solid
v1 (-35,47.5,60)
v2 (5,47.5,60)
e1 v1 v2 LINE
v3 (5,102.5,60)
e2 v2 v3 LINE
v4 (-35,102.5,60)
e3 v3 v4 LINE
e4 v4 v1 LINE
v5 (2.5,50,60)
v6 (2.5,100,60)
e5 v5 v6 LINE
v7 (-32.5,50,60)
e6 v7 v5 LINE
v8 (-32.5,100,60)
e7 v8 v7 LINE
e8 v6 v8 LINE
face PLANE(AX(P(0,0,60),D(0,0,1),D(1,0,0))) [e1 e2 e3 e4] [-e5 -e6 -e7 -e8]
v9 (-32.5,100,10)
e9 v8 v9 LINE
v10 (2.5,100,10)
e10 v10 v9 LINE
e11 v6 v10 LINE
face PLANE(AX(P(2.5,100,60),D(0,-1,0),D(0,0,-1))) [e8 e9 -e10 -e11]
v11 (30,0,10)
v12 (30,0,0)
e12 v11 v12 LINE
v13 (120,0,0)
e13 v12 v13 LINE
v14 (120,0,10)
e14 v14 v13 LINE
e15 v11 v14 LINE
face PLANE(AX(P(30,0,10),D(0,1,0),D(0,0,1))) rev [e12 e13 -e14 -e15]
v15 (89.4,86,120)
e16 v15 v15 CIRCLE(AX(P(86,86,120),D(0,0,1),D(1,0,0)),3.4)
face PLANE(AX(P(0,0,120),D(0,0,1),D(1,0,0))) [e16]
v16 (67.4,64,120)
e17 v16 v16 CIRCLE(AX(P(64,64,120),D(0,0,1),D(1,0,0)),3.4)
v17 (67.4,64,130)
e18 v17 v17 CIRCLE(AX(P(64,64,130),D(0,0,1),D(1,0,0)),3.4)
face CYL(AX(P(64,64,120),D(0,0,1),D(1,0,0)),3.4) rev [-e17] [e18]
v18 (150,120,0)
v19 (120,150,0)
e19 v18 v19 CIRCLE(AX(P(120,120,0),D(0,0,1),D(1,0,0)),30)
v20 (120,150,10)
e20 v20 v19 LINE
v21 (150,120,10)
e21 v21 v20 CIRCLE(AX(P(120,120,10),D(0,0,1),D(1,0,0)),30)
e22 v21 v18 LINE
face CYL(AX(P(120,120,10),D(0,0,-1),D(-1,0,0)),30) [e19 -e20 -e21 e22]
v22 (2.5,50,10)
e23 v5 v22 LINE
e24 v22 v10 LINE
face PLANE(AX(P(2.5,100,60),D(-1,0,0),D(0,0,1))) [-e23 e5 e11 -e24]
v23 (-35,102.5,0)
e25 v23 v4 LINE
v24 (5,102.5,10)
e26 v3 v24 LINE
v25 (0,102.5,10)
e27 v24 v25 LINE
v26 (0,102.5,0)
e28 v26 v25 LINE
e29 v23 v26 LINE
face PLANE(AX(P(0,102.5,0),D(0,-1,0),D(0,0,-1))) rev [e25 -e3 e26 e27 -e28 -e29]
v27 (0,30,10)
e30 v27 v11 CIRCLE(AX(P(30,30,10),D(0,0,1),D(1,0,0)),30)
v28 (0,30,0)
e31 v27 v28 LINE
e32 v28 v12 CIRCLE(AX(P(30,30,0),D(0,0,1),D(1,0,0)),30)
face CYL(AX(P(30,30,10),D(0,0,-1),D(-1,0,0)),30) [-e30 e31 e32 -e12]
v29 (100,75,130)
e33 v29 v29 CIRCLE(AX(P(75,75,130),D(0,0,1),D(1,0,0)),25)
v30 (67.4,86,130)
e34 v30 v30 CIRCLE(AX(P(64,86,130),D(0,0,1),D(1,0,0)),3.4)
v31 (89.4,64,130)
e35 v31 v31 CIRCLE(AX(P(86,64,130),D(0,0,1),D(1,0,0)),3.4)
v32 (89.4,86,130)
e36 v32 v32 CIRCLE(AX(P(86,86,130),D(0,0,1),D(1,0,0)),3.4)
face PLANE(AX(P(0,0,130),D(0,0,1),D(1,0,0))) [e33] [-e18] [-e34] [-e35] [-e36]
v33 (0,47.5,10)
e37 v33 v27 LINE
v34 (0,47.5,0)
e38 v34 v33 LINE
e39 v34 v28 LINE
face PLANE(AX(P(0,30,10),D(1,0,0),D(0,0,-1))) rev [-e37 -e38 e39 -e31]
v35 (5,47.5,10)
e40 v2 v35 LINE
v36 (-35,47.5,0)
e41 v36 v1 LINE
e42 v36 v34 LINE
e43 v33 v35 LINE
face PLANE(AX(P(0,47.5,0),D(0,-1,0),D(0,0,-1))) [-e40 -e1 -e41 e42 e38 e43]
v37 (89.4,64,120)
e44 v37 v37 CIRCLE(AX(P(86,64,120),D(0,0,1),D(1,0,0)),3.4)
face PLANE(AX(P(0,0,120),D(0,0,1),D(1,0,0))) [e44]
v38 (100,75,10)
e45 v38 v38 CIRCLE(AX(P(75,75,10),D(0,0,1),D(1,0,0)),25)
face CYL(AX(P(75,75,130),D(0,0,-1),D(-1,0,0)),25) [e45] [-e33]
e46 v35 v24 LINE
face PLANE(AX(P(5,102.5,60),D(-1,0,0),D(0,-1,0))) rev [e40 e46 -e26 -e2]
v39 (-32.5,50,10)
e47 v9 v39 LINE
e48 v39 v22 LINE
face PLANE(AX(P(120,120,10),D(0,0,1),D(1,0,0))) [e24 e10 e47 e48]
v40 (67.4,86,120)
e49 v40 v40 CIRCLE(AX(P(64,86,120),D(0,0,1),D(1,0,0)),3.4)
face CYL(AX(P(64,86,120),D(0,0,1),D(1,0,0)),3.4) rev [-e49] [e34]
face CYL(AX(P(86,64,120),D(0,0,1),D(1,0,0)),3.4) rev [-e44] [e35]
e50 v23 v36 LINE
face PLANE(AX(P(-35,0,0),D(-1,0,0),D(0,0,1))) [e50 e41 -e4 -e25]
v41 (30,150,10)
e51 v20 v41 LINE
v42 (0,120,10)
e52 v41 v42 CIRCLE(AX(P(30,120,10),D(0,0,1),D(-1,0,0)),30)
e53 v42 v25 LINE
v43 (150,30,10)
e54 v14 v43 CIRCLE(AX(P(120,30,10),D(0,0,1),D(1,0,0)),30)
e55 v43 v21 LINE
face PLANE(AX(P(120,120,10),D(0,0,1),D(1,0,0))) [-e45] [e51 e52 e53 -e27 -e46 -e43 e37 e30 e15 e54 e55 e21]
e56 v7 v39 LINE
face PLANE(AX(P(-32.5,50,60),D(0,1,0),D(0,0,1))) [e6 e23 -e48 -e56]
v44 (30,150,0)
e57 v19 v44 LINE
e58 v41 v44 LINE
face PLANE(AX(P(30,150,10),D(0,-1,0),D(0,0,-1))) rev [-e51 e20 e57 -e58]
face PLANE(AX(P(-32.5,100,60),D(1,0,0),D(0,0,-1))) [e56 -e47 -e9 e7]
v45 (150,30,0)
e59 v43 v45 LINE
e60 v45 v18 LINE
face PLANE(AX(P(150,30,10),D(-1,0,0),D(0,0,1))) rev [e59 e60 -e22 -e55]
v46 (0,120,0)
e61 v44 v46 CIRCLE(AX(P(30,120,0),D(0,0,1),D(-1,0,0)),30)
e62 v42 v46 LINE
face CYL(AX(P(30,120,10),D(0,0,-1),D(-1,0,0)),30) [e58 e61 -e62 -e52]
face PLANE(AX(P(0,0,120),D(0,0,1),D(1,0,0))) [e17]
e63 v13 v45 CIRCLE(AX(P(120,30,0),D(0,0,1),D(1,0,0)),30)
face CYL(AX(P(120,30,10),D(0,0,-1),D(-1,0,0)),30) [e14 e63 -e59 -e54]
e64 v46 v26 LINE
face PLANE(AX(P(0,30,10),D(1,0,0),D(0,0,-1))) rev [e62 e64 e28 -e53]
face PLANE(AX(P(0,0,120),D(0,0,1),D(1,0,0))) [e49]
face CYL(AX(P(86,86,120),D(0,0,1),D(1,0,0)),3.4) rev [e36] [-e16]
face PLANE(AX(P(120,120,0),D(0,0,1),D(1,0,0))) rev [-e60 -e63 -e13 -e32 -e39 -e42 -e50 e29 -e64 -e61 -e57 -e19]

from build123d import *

# Parameters (mm, degrees)
EXTRUDE_1_DEPTH     = 10
EXTRUDE_2_DEPTH     = 120
CUT_EXTRUDE_1_DEPTH = 10
EXTRUDE_3_DEPTH     = 10
SKETCH_8_W          = 35
SKETCH_8_H          = 50
EXTRUDE_4_DEPTH     = 50


with BuildPart() as part:
    # 草图1 → 凸台-拉伸1 (new body)
    with BuildSketch(Plane.XY):
        with BuildLine():
            Line((30, 0), (120, 0))
            ThreePointArc((120, 0), (141.213203436, 8.786796564), (150, 30))
            Line((150, 30), (150, 120))
            ThreePointArc((150, 120), (141.213203436, 141.213203436), (120, 150))
            Line((120, 150), (30, 150))
            ThreePointArc((30, 150), (8.786796564, 141.213203436), (0, 120))
            Line((0, 120), (0, 30))
            ThreePointArc((0, 30), (8.786796564, 8.786796564), (30, 0))
        make_face()
    extrude(amount=EXTRUDE_1_DEPTH)

    # 草图2 → 凸台-拉伸2 (add)
    with BuildSketch(Plane.XY.offset(10)):
        with BuildLine():
            ThreePointArc((100, 75), (84.567085809, 98.096988313), (57.32233047, 92.67766953))
            Line((57.32233047, 92.67766953), (92.67766953, 57.32233047))
            ThreePointArc((92.67766953, 57.32233047), (98.096988313, 65.432914191), (100, 75))
        make_face()
        with BuildLine():
            Line((92.67766953, 57.32233047), (57.32233047, 92.67766953))
            ThreePointArc((57.32233047, 92.67766953), (57.32233047, 57.32233047), (92.67766953, 57.32233047))
        make_face()
    extrude(amount=EXTRUDE_2_DEPTH)

    # 草图5 → 切除-拉伸1 (cut)
    with BuildSketch(Plane.XY.offset(130)):
        with BuildLine():
            ThreePointArc((67.4, 86), (61.595836944, 88.404163056), (64, 82.6))
            Line((64, 82.6), (64, 86))
            Line((64, 86), (67.4, 86))
        make_face()
        with BuildLine():
            Line((64, 86), (64, 82.6))
            ThreePointArc((64, 82.6), (66.404163056, 83.595836944), (67.4, 86))
            Line((67.4, 86), (64, 86))
        make_face()
        with BuildLine():
            Line((64, 67.4), (64, 64))
            Line((64, 64), (67.4, 64))
            ThreePointArc((67.4, 64), (66.404163056, 66.404163056), (64, 67.4))
        make_face()
        with BuildLine():
            Line((67.4, 64), (64, 64))
            Line((64, 64), (64, 67.4))
            ThreePointArc((64, 67.4), (61.595836944, 61.595836944), (67.4, 64))
        make_face()
        with BuildLine():
            ThreePointArc((86, 67.4), (83.595836944, 66.404163056), (82.6, 64))
            Line((82.6, 64), (86, 64))
            Line((86, 64), (86, 67.4))
        make_face()
        with BuildLine():
            Line((86, 64), (82.6, 64))
            ThreePointArc((82.6, 64), (86, 60.6), (89.4, 64))
            ThreePointArc((89.4, 64), (88.404163056, 66.404163056), (86, 67.4))
            Line((86, 67.4), (86, 64))
        make_face()
        with BuildLine():
            ThreePointArc((82.6, 86), (83.595836944, 83.595836944), (86, 82.6))
            Line((86, 82.6), (86, 86))
            Line((86, 86), (82.6, 86))
        make_face()
        with BuildLine():
            Line((86, 86), (86, 82.6))
            ThreePointArc((86, 82.6), (88.404163056, 83.595836944), (89.4, 86))
            ThreePointArc((89.4, 86), (86, 89.4), (82.6, 86))
            Line((82.6, 86), (86, 86))
        make_face()
    extrude(amount=-CUT_EXTRUDE_1_DEPTH, mode=Mode.SUBTRACT)

    # 草图7 → 凸台-拉伸3 (add, through all)
    with BuildSketch(Plane.XY.offset(10)):
        Polygon((0, 102.5), (-35, 102.5), (-35, 47.5), (0, 47.5), (0, 75), align=None)
    extrude(amount=-EXTRUDE_3_DEPTH)

    # 草图8 → 凸台-拉伸4 (add)
    with BuildSketch(Plane.XY.offset(10)):
        Polygon((-35, 102.5), (0, 102.5), (5, 102.5), (5, 47.5), (0, 47.5), (-35, 47.5), align=None)
        with Locations((-15, 75)):
            Rectangle(SKETCH_8_W, SKETCH_8_H, mode=Mode.SUBTRACT)
    extrude(amount=EXTRUDE_4_DEPTH)


solid = part.part
